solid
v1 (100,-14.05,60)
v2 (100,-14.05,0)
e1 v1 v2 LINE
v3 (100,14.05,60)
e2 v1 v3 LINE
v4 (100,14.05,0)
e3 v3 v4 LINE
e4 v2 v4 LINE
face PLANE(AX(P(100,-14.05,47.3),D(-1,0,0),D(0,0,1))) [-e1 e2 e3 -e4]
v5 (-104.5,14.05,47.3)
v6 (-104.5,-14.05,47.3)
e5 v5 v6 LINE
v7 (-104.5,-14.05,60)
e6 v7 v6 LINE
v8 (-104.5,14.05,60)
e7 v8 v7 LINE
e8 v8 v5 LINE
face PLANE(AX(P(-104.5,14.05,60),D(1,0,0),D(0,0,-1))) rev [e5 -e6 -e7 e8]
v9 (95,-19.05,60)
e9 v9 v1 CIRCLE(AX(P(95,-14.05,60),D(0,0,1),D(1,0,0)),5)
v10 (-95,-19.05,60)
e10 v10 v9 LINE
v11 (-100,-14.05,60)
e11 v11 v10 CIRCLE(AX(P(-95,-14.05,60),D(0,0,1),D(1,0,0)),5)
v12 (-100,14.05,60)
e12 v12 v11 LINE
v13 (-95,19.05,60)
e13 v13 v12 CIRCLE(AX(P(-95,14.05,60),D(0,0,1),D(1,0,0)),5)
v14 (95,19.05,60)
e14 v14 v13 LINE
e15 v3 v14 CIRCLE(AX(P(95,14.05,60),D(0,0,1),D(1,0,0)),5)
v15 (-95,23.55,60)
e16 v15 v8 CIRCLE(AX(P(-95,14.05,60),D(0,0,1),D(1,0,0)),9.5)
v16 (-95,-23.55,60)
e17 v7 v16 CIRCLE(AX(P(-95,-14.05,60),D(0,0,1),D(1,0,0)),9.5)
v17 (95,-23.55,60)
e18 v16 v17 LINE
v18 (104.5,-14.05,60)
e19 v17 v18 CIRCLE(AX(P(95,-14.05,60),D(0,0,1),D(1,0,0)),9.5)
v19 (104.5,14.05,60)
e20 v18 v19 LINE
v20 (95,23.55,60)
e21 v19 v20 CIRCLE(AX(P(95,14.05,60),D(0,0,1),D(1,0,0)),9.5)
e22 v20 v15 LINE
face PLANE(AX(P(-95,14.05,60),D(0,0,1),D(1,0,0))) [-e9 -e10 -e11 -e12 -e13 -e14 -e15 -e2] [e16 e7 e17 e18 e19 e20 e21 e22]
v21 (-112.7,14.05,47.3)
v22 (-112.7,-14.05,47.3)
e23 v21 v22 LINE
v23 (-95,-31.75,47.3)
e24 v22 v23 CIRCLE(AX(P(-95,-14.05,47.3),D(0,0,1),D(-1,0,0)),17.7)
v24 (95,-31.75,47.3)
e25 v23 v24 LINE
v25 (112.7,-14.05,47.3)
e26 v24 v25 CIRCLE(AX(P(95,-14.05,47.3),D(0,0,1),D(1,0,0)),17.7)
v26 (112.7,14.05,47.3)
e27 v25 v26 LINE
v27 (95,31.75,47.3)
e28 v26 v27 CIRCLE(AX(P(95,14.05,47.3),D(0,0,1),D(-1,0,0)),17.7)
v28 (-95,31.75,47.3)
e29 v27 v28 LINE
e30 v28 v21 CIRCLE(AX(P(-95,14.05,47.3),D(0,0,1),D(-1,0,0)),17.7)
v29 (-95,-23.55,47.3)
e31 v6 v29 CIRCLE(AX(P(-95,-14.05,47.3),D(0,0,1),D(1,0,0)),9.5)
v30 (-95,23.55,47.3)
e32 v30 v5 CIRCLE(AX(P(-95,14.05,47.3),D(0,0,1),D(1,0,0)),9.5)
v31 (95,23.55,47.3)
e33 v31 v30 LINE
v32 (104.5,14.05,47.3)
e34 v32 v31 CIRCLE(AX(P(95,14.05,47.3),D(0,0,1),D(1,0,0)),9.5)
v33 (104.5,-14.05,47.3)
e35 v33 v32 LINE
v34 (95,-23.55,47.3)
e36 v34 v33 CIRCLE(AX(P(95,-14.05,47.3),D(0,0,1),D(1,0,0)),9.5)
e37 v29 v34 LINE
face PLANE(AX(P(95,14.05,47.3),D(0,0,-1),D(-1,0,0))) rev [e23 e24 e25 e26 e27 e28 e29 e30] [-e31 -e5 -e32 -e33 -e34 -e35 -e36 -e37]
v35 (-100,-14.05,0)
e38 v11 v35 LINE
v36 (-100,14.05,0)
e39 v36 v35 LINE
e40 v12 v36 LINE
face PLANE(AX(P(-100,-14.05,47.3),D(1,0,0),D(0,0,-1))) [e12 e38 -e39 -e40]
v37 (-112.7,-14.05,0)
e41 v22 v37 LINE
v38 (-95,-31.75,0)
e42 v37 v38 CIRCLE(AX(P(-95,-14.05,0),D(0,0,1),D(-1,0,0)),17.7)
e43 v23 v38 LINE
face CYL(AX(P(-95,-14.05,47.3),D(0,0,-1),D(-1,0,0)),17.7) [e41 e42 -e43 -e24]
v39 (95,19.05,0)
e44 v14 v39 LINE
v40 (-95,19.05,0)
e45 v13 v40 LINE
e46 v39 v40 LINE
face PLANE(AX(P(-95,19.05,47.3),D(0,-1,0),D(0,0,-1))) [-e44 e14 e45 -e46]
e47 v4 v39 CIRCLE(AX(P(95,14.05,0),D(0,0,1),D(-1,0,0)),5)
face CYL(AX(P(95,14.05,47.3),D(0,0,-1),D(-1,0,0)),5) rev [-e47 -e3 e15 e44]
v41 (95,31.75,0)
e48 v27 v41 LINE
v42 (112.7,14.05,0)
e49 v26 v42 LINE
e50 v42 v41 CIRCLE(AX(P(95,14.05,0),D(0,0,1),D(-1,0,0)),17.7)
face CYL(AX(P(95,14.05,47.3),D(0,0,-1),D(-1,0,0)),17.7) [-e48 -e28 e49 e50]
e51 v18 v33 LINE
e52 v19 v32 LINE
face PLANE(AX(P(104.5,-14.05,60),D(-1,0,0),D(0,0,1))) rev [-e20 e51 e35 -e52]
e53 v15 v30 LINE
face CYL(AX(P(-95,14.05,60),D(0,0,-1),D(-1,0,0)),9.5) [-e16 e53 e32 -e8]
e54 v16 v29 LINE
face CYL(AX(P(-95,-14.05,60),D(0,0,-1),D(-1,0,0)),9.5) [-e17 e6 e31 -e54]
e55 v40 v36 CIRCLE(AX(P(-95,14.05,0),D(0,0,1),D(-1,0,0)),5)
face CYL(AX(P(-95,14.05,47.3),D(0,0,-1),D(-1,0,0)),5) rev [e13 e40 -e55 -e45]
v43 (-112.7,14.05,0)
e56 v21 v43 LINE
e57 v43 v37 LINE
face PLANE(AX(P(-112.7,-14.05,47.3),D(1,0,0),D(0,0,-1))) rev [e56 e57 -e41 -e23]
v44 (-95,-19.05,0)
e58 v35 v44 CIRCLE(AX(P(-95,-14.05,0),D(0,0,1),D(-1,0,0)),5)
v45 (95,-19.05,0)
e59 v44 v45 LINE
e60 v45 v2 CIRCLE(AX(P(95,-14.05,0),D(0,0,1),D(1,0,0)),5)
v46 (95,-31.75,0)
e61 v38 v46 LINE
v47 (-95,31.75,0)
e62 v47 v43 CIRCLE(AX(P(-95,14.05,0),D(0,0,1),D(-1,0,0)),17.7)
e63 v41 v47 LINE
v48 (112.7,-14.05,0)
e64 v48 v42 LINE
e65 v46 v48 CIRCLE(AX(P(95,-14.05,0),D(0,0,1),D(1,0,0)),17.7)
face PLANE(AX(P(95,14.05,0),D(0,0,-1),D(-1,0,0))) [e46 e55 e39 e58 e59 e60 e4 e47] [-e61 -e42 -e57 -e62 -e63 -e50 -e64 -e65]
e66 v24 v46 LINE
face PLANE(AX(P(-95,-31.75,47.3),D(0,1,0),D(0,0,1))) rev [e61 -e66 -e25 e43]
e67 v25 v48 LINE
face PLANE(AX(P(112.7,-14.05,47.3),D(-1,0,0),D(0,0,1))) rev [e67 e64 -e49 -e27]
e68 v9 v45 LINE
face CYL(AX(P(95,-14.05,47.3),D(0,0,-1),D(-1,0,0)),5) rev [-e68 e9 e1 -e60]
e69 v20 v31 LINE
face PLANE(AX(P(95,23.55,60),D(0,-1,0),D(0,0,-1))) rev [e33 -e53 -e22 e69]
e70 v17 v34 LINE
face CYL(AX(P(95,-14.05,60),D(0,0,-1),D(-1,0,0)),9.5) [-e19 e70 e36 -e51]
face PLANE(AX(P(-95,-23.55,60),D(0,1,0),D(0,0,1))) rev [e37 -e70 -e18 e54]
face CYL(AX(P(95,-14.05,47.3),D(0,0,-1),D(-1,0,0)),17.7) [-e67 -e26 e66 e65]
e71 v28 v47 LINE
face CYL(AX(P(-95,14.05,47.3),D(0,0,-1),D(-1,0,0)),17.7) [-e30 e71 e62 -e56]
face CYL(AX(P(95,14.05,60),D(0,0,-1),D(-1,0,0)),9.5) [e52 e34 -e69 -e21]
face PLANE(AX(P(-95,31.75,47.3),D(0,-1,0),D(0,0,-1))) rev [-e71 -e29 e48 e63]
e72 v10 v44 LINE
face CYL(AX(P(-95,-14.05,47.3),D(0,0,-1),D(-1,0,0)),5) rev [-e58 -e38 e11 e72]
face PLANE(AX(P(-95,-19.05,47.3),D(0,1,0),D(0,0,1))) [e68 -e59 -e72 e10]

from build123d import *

# Parameters (mm, degrees)
BOSS_EXTRU_1_DEPTH = 47.3
BOSS_EXTRU_2_DEPTH = 12.7


with BuildPart() as part:
    # Esquisse1 → Boss.-Extru.1 (new body)
    with BuildSketch(Plane.XY):
        with BuildLine():
            Line((-95, -31.75), (95, -31.75))
            ThreePointArc((95, -31.75), (107.515790027, -26.565790027), (112.7, -14.05))
            Line((112.7, -14.05), (112.7, 14.05))
            ThreePointArc((112.7, 14.05), (107.515790027, 26.565790027), (95, 31.75))
            Line((95, 31.75), (-95, 31.75))
            ThreePointArc((-95, 31.75), (-107.515790027, 26.565790027), (-112.7, 14.05))
            Line((-112.7, 14.05), (-112.7, -14.05))
            ThreePointArc((-112.7, -14.05), (-107.515790027, -26.565790027), (-95, -31.75))
        make_face()
        with BuildLine():
            Line((-95, -19.05), (95, -19.05))
            ThreePointArc((95, -19.05), (98.535533906, -17.585533906), (100, -14.05))
            Line((100, -14.05), (100, 14.05))
            ThreePointArc((100, 14.05), (98.535533906, 17.585533906), (95, 19.05))
            Line((95, 19.05), (-95, 19.05))
            ThreePointArc((-95, 19.05), (-98.535533906, 17.585533906), (-100, 14.05))
            Line((-100, 14.05), (-100, -14.05))
            ThreePointArc((-100, -14.05), (-98.535533906, -17.585533906), (-95, -19.05))
        make_face(mode=Mode.SUBTRACT)
    extrude(amount=BOSS_EXTRU_1_DEPTH)

    # Esquisse2 → Boss.-Extru.2 (add)
    with BuildSketch(Plane.XY.offset(47.3)):
        with BuildLine():
            Line((-104.5, 14.05), (-104.5, -14.05))
            ThreePointArc((-104.5, -14.05), (-101.717514421, -20.767514421), (-95, -23.55))
            Line((-95, -23.55), (95, -23.55))
            ThreePointArc((95, -23.55), (101.717514421, -20.767514421), (104.5, -14.05))
            Line((104.5, -14.05), (104.5, 14.05))
            ThreePointArc((104.5, 14.05), (101.717514421, 20.767514421), (95, 23.55))
            Line((95, 23.55), (-95, 23.55))
            ThreePointArc((-95, 23.55), (-101.717514421, 20.767514421), (-104.5, 14.05))
        make_face()
        with BuildLine():
            Line((100, -14.05), (100, 14.05))
            ThreePointArc((100, 14.05), (98.535533906, 17.585533906), (95, 19.05))
            Line((95, 19.05), (-95, 19.05))
            ThreePointArc((-95, 19.05), (-98.535533906, 17.585533906), (-100, 14.05))
            Line((-100, 14.05), (-100, -14.05))
            ThreePointArc((-100, -14.05), (-98.535533906, -17.585533906), (-95, -19.05))
            Line((-95, -19.05), (95, -19.05))
            ThreePointArc((95, -19.05), (98.535533906, -17.585533906), (100, -14.05))
        make_face(mode=Mode.SUBTRACT)
    extrude(amount=BOSS_EXTRU_2_DEPTH)


solid = part.part
